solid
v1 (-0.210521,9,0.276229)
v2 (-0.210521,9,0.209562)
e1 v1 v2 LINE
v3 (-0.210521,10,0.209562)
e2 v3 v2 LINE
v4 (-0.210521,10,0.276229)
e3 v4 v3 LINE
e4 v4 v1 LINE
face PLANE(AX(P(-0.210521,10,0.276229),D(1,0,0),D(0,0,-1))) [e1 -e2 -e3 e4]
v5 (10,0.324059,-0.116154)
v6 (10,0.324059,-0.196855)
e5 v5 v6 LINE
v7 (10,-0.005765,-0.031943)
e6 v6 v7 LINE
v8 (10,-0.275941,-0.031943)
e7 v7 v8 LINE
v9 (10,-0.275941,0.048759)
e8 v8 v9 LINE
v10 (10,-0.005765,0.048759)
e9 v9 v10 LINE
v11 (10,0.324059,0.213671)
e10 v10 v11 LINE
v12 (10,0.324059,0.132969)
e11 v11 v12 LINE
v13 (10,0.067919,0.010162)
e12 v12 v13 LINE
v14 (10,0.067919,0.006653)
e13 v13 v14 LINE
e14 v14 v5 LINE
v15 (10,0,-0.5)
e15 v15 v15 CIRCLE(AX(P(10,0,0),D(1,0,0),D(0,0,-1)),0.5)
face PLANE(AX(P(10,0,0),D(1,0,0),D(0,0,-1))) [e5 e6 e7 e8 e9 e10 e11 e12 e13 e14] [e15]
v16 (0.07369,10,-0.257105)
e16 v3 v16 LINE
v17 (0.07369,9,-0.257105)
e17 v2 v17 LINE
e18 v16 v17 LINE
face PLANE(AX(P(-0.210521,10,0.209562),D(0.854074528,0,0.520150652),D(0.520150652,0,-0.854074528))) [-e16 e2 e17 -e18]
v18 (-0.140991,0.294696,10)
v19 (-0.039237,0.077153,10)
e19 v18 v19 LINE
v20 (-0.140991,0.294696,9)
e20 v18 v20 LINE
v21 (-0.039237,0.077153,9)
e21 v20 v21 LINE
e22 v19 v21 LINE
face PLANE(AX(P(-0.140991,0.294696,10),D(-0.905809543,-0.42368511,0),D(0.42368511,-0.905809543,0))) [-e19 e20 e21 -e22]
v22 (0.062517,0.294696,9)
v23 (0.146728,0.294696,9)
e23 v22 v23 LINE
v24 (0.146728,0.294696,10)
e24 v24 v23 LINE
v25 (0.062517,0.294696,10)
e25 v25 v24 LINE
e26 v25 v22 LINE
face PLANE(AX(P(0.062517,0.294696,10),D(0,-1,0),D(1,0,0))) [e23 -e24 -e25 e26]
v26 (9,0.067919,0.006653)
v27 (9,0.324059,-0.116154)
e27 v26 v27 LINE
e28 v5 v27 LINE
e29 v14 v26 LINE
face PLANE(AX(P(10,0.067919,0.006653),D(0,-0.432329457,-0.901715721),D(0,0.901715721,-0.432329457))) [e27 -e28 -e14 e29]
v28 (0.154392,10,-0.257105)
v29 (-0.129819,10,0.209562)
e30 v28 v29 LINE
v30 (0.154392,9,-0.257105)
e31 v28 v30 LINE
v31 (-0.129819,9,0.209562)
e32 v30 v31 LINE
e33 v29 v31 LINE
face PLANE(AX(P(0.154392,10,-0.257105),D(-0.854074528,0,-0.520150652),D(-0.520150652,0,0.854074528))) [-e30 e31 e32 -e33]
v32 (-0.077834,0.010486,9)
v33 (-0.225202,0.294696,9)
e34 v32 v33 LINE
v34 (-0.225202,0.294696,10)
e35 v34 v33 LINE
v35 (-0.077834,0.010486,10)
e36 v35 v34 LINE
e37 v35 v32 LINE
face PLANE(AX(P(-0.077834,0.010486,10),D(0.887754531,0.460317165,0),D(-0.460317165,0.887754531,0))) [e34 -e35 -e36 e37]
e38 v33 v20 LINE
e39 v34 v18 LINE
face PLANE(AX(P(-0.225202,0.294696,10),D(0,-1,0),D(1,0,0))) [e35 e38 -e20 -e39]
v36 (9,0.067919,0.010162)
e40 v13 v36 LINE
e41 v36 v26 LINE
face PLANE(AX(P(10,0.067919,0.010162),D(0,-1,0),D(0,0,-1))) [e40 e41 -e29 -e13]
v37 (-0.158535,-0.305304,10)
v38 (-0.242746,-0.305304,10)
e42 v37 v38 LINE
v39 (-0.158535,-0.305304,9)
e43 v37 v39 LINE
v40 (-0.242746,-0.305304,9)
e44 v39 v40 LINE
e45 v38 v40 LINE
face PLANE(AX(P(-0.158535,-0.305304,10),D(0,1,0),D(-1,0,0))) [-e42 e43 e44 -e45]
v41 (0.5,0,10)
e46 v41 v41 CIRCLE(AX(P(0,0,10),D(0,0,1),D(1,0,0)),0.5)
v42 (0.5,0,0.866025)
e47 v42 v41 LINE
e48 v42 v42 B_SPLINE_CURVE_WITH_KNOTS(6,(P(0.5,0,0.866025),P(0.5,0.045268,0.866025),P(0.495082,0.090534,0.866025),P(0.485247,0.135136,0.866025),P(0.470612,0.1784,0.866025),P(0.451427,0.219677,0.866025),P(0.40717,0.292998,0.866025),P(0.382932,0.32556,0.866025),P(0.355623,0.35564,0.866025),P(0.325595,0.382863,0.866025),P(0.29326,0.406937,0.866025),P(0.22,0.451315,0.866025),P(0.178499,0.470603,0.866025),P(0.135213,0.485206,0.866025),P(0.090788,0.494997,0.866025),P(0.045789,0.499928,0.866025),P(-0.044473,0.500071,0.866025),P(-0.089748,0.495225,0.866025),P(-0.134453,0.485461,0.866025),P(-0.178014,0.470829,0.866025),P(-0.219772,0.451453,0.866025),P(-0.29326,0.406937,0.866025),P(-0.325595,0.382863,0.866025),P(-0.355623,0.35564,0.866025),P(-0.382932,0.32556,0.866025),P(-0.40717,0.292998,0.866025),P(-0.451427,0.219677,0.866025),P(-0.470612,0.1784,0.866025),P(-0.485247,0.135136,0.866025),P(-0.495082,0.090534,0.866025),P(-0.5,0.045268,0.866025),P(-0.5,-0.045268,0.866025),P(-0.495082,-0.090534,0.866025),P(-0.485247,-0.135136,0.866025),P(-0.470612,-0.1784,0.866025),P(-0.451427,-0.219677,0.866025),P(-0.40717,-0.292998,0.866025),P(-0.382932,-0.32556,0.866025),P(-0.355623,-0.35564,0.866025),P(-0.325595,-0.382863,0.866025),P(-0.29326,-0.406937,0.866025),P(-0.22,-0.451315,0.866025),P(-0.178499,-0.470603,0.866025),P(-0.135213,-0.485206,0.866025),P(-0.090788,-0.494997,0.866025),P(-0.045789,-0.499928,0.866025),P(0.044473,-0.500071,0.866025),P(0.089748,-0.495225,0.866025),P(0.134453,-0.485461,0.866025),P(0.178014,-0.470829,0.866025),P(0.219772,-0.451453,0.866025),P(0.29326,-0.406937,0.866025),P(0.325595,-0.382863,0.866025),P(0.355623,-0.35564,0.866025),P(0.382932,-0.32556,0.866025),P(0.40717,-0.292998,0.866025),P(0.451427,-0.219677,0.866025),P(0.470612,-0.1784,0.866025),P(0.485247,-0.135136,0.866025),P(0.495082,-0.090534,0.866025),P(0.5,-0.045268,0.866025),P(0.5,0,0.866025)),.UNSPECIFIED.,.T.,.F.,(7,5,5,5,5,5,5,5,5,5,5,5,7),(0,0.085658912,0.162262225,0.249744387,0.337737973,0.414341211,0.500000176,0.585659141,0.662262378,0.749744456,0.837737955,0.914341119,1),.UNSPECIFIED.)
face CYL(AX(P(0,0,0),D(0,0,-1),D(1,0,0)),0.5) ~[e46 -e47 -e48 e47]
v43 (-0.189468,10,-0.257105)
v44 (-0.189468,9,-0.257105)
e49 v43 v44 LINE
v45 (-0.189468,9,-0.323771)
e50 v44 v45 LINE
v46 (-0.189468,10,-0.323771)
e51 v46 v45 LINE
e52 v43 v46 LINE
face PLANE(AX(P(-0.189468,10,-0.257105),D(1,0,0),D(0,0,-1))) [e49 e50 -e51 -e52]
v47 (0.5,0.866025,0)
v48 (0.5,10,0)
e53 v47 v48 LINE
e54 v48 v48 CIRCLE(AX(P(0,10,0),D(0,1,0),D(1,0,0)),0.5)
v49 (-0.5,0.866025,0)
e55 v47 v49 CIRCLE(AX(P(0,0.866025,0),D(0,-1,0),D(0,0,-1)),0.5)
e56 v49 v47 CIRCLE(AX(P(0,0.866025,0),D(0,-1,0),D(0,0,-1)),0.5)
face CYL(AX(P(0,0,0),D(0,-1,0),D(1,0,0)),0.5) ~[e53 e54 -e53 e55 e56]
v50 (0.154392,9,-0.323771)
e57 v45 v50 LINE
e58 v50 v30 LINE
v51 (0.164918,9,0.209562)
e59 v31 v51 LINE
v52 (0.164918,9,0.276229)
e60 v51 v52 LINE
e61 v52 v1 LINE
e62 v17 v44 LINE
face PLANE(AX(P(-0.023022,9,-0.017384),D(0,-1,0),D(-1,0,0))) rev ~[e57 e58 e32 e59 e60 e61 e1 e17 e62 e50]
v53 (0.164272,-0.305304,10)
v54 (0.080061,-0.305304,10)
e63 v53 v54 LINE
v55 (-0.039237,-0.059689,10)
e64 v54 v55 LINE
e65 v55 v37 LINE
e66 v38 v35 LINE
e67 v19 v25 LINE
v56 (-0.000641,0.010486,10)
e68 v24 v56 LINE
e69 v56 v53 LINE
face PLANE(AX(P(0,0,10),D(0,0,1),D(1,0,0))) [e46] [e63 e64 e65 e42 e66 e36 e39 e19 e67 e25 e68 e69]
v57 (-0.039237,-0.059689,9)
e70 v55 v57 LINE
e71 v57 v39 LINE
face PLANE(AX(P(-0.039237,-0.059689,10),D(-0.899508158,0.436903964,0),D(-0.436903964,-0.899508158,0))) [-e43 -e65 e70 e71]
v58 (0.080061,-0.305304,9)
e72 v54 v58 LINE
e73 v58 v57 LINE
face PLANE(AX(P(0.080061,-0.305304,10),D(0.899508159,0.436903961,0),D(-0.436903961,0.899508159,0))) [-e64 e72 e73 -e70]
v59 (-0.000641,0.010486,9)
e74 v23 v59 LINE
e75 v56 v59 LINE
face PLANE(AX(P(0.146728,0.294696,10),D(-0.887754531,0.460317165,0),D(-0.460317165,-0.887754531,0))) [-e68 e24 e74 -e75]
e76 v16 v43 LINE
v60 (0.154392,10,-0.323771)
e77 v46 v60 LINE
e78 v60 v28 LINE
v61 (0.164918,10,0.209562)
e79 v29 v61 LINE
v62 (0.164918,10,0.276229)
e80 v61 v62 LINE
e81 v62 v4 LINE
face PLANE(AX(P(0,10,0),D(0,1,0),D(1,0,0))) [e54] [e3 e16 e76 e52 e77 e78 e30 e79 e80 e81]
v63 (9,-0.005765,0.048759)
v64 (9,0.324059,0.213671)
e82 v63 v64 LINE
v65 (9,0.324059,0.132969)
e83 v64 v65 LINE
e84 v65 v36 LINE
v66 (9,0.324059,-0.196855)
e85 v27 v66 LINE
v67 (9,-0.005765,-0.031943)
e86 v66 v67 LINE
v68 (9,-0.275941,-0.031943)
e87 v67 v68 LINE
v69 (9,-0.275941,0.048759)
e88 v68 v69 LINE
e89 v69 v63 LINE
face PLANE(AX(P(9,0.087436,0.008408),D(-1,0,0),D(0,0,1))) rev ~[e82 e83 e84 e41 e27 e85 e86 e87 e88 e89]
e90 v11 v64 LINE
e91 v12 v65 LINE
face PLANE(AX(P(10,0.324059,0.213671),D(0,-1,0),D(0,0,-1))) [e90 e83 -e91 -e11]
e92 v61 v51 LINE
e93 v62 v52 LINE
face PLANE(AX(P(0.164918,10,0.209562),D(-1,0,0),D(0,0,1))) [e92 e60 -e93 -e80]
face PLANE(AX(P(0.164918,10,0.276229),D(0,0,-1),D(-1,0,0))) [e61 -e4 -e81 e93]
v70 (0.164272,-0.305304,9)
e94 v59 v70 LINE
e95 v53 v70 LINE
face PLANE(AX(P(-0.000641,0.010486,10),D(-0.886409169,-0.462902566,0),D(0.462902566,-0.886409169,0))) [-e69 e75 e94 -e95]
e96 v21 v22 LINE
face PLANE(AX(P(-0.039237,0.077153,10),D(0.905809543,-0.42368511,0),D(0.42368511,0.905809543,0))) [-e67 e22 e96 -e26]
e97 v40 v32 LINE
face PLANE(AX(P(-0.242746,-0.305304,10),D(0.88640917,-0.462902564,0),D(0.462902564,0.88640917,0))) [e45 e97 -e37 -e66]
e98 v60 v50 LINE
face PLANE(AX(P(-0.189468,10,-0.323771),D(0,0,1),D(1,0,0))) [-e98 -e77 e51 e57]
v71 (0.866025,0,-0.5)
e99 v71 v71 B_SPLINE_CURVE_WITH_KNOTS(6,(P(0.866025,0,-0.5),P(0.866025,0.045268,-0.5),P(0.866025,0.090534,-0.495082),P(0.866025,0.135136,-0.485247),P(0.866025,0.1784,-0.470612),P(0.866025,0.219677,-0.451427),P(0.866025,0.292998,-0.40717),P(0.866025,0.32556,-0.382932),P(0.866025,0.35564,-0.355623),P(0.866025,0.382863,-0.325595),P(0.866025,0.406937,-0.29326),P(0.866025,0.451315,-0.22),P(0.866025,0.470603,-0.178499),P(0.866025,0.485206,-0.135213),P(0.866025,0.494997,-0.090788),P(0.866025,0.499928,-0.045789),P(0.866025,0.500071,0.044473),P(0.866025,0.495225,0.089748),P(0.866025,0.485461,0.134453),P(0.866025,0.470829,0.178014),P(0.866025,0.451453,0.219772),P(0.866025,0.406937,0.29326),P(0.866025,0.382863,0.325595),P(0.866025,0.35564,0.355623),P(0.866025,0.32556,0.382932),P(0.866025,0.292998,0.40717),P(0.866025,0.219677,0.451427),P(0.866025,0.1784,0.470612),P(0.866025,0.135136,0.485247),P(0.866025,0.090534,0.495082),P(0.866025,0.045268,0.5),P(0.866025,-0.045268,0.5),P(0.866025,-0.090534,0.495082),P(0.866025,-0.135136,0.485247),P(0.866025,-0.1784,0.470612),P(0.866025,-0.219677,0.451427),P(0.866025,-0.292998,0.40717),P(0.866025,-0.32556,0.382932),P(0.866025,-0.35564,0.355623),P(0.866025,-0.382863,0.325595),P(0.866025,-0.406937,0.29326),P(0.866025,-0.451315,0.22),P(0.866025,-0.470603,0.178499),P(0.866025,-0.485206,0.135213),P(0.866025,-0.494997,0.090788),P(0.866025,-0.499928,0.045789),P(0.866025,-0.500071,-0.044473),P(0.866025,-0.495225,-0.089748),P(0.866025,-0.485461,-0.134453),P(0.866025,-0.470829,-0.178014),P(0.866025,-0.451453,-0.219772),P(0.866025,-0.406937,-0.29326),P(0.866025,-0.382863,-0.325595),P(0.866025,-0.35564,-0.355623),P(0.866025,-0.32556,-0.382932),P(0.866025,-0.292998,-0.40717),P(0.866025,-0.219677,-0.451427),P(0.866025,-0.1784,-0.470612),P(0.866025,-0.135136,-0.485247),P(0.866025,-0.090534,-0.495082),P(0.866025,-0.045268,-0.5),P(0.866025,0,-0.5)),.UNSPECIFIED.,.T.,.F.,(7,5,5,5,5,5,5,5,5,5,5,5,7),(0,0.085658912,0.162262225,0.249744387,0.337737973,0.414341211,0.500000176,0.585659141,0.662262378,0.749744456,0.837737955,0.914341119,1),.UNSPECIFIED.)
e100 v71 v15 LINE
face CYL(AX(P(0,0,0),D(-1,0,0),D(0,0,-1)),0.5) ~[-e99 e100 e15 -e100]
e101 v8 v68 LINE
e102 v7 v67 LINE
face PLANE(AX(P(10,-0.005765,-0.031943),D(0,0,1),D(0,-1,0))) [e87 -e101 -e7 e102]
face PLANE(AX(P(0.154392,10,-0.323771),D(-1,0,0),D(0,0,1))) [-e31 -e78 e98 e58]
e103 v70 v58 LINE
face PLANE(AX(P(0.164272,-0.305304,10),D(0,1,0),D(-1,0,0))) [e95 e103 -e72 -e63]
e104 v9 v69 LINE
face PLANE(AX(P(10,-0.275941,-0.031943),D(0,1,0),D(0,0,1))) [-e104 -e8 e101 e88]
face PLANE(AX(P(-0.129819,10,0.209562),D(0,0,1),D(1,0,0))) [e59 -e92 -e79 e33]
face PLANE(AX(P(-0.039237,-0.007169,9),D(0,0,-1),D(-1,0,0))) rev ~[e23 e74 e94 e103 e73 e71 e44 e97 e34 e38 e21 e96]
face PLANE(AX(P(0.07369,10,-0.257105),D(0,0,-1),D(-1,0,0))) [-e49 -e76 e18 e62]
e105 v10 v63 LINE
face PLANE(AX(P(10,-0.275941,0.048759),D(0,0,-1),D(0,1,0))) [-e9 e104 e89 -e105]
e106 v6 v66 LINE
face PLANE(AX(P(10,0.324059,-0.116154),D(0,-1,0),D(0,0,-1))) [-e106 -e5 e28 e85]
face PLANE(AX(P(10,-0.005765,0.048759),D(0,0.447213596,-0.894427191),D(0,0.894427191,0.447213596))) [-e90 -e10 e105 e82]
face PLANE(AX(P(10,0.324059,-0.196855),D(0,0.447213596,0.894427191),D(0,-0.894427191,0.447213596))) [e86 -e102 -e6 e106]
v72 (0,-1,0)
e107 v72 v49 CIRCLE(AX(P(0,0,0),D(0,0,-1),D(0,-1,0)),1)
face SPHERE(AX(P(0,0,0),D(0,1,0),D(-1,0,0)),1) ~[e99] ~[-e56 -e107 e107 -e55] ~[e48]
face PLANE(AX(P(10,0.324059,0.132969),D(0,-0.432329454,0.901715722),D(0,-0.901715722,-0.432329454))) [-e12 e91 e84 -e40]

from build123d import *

# Parameters (mm, degrees)
SKETCH_2_R          = 0.5
EXTRUDE_1_DEPTH     = 10
SKETCH_3_R          = 0.5
EXTRUDE_2_DEPTH     = 10
SKETCH_4_R          = 0.5
EXTRUDE_3_DEPTH     = 10
CUT_EXTRUDE_1_DEPTH = 1
CUT_EXTRUDE_2_DEPTH = 1
CUT_EXTRUDE_3_DEPTH = 1


with BuildPart() as part:
    # 草图1 → 旋转1 (revolve)
    with BuildSketch(Plane.XY):
        with BuildLine():
            Line((0, 1), (0, -1))
            ThreePointArc((0, -1), (-1, 0), (0, 1))
        make_face()
    revolve(axis=Axis((0, 1, 0), (0, -1, 0)))

    # 草图2 → 凸台-拉伸1 (add)
    with BuildSketch(Plane(origin=(0, 0, 0), x_dir=(1, 0, 0), z_dir=(0, 1, 0))):
        Circle(SKETCH_2_R)
    extrude(amount=EXTRUDE_1_DEPTH)

    # 草图3 → 凸台-拉伸2 (add)
    with BuildSketch(Plane(origin=(0, 0, 0), x_dir=(0, 0, -1), z_dir=(1, 0, 0))):
        Circle(SKETCH_3_R)
    extrude(amount=EXTRUDE_2_DEPTH)

    # 草图4 → 凸台-拉伸3 (add)
    with BuildSketch(Plane.XY):
        Circle(SKETCH_4_R)
    extrude(amount=EXTRUDE_3_DEPTH)

    # 草图5 → 切除-拉伸1 (cut)
    with BuildSketch(Plane.XY.offset(10)):
        Polygon((0.164271664, -0.305303511), (0.080061137, -0.305303511), (-0.039237108, -0.059689476), (-0.158535354, -0.305303511), (-0.24274588, -0.305303511), (-0.0778336, 0.010485963), (-0.225202021, 0.294696489), (-0.140991494, 0.294696489), (-0.039237108, 0.07715263), (0.062517278, 0.294696489), (0.146727804, 0.294696489), (-0.000640617, 0.010485963), align=None)
    extrude(amount=-CUT_EXTRUDE_1_DEPTH, mode=Mode.SUBTRACT)

    # 草图6 → 切除-拉伸2 (cut)
    with BuildSketch(Plane(origin=(10, 0, 0), x_dir=(0, 0, -1), z_dir=(1, 0, 0))):
        Polygon((0.196855421, 0.324059335), (0.03194314, -0.005765227), (0.03194314, -0.275940665), (-0.048758614, -0.275940665), (-0.048758614, -0.005765227), (-0.213670895, 0.324059335), (-0.13296914, 0.324059335), (-0.010162123, 0.067918984), (-0.006653351, 0.067918984), (0.116153667, 0.324059335), align=None)
    extrude(amount=-CUT_EXTRUDE_2_DEPTH, mode=Mode.SUBTRACT)

    # 草图7 → 切除-拉伸3 (cut)
    with BuildSketch(Plane(origin=(0, 10, 0), x_dir=(1, 0, 0), z_dir=(0, 1, 0))):
        Polygon((0.164917999, -0.276228525), (-0.210520598, -0.276228525), (-0.210520598, -0.209561858), (0.073689928, 0.257104808), (-0.189467966, 0.257104808), (-0.189467966, 0.323771475), (0.154391683, 0.323771475), (0.154391683, 0.257104808), (-0.129818843, -0.209561858), (0.164917999, -0.209561858), align=None)
    extrude(amount=-CUT_EXTRUDE_3_DEPTH, mode=Mode.SUBTRACT)


solid = part.part
